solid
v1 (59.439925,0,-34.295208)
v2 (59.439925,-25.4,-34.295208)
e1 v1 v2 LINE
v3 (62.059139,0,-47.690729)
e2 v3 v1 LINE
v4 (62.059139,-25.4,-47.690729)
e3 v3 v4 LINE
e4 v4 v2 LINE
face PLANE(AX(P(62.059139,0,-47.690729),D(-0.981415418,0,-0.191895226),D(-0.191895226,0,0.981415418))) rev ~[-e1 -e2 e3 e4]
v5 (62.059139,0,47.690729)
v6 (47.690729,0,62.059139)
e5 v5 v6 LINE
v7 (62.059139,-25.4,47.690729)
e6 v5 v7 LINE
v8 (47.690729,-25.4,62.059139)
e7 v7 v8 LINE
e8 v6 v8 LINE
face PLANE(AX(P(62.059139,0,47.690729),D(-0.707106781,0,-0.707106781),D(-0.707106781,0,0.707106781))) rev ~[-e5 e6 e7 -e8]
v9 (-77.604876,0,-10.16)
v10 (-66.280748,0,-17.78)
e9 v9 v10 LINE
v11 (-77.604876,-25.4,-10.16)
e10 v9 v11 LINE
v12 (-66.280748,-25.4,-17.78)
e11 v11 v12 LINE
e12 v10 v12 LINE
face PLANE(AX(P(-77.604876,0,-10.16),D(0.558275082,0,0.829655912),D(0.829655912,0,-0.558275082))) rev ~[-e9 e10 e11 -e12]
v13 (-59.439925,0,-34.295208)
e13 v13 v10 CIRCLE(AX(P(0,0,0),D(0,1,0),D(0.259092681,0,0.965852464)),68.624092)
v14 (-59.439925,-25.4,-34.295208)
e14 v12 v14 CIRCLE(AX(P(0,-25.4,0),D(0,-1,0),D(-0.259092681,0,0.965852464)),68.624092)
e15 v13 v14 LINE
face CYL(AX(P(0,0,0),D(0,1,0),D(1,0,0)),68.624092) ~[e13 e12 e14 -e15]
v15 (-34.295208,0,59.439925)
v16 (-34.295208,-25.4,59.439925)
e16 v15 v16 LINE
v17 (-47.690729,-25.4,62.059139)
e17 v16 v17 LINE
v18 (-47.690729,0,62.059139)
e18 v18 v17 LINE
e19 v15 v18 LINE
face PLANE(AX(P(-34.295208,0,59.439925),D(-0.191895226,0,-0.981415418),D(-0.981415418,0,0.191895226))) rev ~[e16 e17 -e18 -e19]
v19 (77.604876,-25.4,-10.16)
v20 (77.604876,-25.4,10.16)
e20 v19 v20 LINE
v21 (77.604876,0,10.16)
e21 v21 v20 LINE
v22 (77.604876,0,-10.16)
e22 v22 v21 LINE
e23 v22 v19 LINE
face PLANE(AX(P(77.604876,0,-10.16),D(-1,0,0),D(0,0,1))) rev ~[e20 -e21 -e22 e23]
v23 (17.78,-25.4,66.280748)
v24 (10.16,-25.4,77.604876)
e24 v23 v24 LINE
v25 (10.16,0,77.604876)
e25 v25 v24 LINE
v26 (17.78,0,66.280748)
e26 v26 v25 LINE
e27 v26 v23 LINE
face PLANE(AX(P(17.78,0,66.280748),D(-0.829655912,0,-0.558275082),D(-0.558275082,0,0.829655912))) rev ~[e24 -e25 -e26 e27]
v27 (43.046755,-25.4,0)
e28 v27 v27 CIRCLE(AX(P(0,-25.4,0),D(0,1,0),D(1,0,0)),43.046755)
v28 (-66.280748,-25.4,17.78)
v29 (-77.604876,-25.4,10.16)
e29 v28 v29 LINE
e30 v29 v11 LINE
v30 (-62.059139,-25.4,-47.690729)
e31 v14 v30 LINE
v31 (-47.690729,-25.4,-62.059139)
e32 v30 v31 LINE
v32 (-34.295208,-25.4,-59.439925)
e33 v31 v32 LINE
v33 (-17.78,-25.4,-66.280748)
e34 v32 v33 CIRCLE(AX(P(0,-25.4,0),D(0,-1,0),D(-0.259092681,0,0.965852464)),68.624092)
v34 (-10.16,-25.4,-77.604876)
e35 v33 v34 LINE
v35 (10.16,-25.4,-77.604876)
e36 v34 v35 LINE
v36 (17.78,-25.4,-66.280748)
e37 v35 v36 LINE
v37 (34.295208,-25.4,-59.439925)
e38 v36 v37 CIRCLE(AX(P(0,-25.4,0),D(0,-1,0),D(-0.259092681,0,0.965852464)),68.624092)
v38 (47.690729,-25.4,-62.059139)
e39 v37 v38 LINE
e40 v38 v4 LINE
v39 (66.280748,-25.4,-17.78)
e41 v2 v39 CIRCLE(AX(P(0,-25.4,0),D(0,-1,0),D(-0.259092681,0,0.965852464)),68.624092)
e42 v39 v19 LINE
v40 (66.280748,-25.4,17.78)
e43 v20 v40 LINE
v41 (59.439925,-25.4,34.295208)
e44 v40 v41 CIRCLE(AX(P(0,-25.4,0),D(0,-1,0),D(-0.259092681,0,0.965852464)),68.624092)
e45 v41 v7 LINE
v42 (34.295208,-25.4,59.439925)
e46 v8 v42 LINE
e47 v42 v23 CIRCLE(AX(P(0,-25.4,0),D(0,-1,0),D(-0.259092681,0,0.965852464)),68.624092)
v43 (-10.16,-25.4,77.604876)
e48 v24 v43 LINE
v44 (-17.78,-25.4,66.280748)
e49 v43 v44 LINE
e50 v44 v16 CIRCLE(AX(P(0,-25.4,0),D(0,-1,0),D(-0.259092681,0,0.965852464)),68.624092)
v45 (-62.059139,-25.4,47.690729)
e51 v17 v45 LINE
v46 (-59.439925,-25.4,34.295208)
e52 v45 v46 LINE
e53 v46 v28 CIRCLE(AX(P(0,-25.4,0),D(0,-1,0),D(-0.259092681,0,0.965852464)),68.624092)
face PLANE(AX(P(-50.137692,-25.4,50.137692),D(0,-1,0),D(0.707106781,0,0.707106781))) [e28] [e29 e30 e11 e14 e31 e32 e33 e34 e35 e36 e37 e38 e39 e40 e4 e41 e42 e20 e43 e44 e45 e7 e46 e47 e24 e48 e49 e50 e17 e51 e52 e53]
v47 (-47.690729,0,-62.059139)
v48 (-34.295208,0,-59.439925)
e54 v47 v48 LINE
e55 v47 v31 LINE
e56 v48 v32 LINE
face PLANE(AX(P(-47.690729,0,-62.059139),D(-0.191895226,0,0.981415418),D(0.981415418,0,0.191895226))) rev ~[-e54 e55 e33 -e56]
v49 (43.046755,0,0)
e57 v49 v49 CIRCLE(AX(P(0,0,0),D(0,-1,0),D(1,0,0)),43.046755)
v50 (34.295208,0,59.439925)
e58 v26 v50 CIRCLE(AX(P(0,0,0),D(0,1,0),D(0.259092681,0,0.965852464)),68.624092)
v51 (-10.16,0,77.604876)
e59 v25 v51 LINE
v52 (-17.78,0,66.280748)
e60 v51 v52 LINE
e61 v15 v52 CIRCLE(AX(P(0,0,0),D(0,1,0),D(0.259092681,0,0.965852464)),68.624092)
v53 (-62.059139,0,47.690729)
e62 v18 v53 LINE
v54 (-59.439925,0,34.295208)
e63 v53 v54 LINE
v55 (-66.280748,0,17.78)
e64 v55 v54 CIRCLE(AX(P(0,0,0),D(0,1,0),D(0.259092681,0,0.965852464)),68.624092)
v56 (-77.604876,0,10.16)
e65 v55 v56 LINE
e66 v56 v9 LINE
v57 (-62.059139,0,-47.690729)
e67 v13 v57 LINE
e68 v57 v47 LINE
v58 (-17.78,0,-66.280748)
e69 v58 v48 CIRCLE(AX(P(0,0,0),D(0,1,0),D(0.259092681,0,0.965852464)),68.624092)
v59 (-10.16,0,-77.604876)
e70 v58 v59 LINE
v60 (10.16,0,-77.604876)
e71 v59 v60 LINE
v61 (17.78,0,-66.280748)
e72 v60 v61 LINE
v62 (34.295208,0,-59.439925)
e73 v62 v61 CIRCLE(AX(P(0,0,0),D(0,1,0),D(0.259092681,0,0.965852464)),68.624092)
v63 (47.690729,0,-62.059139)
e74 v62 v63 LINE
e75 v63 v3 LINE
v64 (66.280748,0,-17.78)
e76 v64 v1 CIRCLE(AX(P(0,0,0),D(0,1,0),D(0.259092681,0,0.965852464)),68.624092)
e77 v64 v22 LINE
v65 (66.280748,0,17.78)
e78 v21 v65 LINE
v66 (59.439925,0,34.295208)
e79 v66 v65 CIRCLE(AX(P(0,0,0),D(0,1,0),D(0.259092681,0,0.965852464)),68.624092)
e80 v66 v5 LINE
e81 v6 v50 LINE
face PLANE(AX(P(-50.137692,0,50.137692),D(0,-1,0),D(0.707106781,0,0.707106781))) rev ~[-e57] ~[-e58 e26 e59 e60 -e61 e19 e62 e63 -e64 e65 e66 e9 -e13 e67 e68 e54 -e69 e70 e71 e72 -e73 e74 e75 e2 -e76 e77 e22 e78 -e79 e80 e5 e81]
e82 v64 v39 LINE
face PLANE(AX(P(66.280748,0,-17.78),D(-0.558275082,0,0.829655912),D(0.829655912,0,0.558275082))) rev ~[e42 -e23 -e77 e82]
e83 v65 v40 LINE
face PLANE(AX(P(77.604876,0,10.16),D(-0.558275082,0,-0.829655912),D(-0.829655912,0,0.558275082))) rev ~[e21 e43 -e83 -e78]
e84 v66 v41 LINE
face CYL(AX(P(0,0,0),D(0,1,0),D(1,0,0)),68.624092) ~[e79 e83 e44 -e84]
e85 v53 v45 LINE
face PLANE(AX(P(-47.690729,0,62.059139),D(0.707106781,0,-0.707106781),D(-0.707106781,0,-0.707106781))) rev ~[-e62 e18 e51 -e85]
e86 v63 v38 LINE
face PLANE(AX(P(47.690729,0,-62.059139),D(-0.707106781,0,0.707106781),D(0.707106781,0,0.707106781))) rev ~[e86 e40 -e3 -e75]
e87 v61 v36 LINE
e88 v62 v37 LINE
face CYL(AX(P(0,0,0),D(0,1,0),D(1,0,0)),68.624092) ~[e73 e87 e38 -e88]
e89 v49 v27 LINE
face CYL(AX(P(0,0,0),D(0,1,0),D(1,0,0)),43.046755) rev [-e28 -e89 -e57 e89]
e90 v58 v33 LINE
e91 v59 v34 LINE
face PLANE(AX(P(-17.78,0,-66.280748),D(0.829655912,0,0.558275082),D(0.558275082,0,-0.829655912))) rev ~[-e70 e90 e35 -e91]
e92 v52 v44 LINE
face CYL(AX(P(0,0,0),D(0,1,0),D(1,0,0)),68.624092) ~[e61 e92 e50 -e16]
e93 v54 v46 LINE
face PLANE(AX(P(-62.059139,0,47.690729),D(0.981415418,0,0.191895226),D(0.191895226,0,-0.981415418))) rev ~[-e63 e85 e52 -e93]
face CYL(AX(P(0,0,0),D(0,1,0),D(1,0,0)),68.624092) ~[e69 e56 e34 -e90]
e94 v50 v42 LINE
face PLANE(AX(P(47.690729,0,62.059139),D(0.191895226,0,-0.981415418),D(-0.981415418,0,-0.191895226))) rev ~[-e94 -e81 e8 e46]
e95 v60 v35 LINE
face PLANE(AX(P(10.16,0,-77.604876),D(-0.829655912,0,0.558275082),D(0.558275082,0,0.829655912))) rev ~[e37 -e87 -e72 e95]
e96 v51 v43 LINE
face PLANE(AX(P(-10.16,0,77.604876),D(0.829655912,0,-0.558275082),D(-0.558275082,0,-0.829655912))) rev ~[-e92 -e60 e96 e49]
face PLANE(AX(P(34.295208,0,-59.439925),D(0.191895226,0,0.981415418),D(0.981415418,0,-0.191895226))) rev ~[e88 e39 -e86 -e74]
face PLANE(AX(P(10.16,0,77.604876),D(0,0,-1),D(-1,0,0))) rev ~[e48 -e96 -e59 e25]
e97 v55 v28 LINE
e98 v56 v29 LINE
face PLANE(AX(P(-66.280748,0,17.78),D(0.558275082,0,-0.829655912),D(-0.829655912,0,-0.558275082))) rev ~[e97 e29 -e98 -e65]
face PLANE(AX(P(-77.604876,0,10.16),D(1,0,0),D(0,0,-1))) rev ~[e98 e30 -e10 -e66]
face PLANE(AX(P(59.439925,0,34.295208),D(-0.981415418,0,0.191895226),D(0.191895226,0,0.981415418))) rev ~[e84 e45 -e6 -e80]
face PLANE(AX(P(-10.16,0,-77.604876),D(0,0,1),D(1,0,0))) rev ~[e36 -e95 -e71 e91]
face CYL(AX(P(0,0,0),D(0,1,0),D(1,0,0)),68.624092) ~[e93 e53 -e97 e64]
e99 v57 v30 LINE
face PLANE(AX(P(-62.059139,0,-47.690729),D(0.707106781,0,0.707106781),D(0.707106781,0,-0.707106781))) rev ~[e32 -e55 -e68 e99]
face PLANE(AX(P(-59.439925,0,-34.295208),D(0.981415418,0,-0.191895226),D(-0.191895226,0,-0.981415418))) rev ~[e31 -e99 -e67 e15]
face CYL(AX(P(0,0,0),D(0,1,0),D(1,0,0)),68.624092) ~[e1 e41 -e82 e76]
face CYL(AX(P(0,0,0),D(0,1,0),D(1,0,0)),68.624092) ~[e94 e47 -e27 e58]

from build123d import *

# Parameters (mm, degrees)
F0_R     = 68.6240920578
F0_R_2   = 43.04675532
F1_DEPTH = 25.4
F3_DEPTH = 25.4
F5_COUNT = 8


with BuildPart() as f1:
    # F0 (on Front) → F1 (new body)
    with BuildSketch(Plane.XZ):
        Circle(F0_R)
        Circle(F0_R_2, mode=Mode.SUBTRACT)
    extrude(amount=F1_DEPTH)

    # F2 (on Front) → F3 (join)
    with BuildSketch(Plane.XZ):
        Polygon((10.16, 77.6048756392), (-10.16, 77.6048756392), (-17.78, 66.2807484173), (17.78, 66.2807484173), align=None)
    extrude(amount=F3_DEPTH)

    # F5: F1 ×8 about axis
    f5_axis = Axis((0, -4.3883249164, 0), (0, 1, 0))


with BuildPart() as f1_1:
    add(f1.part)
    for i in range(1, F5_COUNT):
        add(f1.part.rotate(f5_axis, i * 360 / F5_COUNT))


solid = f1_1.part
